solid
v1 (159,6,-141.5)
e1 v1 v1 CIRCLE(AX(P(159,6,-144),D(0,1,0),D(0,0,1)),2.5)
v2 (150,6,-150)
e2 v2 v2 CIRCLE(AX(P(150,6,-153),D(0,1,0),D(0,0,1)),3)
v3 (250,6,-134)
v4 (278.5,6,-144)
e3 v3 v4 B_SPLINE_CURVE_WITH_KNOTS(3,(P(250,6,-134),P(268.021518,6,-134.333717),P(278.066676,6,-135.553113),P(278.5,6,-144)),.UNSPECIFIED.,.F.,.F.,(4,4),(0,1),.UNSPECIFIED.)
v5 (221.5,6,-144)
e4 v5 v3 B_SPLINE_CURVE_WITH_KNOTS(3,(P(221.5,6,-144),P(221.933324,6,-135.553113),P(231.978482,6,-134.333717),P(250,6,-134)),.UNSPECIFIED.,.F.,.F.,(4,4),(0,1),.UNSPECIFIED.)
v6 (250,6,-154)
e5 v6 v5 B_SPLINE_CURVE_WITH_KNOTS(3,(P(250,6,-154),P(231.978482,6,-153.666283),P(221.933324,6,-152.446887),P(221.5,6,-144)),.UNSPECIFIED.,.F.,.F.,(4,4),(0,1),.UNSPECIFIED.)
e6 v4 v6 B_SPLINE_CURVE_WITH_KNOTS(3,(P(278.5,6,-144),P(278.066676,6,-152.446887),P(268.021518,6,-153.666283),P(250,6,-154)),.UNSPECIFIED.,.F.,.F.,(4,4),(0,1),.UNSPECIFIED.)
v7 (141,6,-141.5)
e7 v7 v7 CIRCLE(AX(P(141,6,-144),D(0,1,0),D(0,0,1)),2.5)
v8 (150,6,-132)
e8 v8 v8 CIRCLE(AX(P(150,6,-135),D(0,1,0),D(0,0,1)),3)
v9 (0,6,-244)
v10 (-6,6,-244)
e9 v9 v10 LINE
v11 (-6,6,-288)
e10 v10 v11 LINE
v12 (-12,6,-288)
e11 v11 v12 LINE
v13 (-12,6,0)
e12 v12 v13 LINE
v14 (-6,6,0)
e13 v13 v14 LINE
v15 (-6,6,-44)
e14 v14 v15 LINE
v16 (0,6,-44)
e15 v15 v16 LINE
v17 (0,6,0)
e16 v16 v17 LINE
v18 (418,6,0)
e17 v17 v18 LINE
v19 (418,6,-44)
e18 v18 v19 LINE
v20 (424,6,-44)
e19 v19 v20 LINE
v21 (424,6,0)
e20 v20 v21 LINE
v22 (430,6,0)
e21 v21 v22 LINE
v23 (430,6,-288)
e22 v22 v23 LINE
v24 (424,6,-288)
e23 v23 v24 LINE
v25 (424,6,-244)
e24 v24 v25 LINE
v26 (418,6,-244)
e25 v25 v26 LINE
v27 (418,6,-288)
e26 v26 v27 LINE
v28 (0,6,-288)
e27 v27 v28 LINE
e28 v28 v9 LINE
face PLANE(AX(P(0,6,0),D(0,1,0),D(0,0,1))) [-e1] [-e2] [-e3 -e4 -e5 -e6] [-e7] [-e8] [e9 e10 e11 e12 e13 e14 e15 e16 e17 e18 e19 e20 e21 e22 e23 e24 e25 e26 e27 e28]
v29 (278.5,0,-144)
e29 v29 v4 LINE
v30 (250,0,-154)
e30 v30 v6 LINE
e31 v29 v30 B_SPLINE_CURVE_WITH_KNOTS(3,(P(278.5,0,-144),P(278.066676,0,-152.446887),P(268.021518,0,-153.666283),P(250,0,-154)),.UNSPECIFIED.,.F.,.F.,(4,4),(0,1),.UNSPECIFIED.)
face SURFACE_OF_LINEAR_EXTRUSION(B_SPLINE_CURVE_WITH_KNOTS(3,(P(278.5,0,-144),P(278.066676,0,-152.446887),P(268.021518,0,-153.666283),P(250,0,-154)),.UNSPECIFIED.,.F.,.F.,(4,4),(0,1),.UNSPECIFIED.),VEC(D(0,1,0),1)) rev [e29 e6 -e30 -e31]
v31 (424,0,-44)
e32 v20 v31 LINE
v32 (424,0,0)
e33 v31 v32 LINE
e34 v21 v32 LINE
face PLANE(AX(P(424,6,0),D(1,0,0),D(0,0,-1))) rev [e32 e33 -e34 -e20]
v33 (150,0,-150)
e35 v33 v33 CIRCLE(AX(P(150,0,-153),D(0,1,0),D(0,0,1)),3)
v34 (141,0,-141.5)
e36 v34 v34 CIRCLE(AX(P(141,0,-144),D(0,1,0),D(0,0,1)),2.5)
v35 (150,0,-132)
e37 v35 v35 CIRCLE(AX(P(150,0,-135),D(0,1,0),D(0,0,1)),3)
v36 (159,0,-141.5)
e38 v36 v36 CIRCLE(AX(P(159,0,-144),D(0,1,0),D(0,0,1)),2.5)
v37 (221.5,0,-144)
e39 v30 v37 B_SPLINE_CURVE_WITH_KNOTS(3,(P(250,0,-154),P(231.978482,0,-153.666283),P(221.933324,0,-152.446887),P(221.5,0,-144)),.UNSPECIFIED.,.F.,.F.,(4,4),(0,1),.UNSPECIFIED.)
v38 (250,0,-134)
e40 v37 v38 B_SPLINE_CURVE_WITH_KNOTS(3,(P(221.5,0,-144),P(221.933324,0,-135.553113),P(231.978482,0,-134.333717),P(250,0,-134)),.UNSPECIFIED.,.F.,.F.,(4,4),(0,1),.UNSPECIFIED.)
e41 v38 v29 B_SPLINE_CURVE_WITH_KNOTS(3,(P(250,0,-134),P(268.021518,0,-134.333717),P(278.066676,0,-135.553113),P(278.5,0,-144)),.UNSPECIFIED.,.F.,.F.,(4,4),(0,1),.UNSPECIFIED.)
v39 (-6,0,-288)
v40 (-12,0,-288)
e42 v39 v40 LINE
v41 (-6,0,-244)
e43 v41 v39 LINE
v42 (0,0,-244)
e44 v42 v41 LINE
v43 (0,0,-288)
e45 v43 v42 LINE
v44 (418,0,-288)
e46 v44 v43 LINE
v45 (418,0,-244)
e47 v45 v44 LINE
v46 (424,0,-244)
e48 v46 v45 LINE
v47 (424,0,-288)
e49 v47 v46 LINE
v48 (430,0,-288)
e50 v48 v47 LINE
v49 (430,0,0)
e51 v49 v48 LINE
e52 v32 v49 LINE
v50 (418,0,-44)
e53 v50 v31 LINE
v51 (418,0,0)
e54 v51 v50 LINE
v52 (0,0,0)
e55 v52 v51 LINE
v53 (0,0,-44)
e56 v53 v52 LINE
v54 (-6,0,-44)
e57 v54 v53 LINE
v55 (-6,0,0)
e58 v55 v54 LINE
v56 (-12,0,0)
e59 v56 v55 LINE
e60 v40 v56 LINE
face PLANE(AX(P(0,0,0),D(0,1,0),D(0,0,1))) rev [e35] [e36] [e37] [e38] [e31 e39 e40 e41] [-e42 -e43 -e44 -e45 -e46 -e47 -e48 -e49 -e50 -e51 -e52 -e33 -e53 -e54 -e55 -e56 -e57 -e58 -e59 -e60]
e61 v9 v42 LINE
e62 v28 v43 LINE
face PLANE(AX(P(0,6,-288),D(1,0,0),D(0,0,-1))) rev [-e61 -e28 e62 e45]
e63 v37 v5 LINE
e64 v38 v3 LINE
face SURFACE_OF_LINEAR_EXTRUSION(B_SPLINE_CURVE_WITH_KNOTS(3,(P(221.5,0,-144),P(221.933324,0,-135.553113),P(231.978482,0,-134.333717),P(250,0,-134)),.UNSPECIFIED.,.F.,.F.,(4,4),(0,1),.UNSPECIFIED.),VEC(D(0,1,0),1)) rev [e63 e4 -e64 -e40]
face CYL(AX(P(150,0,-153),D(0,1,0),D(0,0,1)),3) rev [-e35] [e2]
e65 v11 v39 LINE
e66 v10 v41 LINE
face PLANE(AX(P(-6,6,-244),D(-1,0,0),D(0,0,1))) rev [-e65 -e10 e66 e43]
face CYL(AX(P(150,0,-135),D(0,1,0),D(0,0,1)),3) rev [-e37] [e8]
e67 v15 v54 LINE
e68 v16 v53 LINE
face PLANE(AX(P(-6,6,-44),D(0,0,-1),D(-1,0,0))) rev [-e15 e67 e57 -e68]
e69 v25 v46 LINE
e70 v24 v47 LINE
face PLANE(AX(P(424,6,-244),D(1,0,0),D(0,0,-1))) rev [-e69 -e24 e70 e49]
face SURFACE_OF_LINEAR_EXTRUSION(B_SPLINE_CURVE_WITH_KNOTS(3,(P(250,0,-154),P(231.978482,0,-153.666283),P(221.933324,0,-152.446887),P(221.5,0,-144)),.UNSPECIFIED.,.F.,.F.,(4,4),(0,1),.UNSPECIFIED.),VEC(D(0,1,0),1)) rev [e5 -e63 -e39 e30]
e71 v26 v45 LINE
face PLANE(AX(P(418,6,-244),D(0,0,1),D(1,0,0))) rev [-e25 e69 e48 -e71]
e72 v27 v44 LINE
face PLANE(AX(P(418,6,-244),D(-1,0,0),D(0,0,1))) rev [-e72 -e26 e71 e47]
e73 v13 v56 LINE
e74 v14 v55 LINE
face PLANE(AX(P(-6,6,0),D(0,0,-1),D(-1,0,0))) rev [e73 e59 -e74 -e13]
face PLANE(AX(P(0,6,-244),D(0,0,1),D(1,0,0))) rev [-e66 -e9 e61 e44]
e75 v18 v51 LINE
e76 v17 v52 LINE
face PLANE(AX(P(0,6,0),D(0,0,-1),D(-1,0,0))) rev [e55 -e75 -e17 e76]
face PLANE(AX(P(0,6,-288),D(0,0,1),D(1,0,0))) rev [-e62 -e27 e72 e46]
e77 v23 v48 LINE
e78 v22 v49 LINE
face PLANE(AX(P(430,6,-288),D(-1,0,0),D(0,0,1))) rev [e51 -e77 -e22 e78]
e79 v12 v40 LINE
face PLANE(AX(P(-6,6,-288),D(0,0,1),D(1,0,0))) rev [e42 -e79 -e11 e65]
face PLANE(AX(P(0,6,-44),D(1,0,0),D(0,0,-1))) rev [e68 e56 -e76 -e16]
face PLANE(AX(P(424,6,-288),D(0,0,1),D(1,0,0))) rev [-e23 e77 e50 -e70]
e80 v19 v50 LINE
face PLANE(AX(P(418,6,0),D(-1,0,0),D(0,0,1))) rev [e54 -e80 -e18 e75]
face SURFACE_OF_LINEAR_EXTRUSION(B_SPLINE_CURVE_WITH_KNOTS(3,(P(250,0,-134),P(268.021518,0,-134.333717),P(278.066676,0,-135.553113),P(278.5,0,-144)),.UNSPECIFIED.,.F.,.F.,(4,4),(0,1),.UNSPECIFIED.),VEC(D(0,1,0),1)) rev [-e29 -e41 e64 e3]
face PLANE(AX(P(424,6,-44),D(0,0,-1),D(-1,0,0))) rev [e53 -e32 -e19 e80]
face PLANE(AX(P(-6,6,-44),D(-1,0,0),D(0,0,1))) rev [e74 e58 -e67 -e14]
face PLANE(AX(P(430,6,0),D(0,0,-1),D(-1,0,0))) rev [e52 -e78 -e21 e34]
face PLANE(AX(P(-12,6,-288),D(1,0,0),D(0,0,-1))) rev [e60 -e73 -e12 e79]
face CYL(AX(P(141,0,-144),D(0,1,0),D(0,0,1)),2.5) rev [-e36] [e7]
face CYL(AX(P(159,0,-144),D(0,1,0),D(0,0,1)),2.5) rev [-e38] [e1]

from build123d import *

# Parameters (mm, degrees)
BOSS_EXTRUDE1_DEPTH = 6
SKETCH2_R           = 3
SKETCH2_R_2         = 2.5
CUT_EXTRUDE1_DEPTH  = 6


with BuildPart() as part:
    # Sketch1 → Boss-Extrude1 (new body)
    with BuildSketch(Plane(origin=(0, 0, 0), x_dir=(1, 0, 0), z_dir=(0, 1, 0))):
        Polygon((418, 244), (424, 244), (424, 288), (430, 288), (430, 0), (424, 0), (424, 44), (418, 44), (418, 0), (0, 0), (0, 44), (-6, 44), (-6, 0), (-12, 0), (-12, 288), (-6, 288), (-6, 244), (0, 244), (0, 288), (418, 288), align=None)
    extrude(amount=BOSS_EXTRUDE1_DEPTH)

    # Sketch2 → Cut-Extrude1 (cut)
    with BuildSketch(Plane(origin=(0, 6, 0), x_dir=(1, 0, 0), z_dir=(0, 1, 0))):
        with Locations(Location((150, 135, 0), (0, 0, 270))):
            Circle(SKETCH2_R)
        with Locations(Location((150, 153, 0), (0, 0, 270))):
            Circle(SKETCH2_R)
        with Locations(Location((141, 144, 0), (0, 0, 270))):
            Circle(SKETCH2_R_2)
        with Locations(Location((159, 144, 0), (0, 0, 270))):
            Circle(SKETCH2_R_2)
        with BuildLine():
            add(Edge.make_bspline(
                [(250, 154), (231.978482396, 153.666282679), (221.933324248, 152.446887217), (221.5, 144)],
                knots=[0, 0, 0, 0, 1, 1, 1, 1], degree=3))
            add(Edge.make_bspline(
                [(250, 134), (231.978482396, 134.333717321), (221.933324248, 135.553112783), (221.5, 144)],
                knots=[0, 0, 0, 0, 1, 1, 1, 1], degree=3))
            add(Edge.make_bspline(
                [(250, 134), (268.021517604, 134.333717321), (278.066675752, 135.553112783), (278.5, 144)],
                knots=[0, 0, 0, 0, 1, 1, 1, 1], degree=3))
            add(Edge.make_bspline(
                [(250, 154), (268.021517604, 153.666282679), (278.066675752, 152.446887217), (278.5, 144)],
                knots=[0, 0, 0, 0, 1, 1, 1, 1], degree=3))
        make_face()
    extrude(amount=-CUT_EXTRUDE1_DEPTH, mode=Mode.SUBTRACT)


solid = part.part
